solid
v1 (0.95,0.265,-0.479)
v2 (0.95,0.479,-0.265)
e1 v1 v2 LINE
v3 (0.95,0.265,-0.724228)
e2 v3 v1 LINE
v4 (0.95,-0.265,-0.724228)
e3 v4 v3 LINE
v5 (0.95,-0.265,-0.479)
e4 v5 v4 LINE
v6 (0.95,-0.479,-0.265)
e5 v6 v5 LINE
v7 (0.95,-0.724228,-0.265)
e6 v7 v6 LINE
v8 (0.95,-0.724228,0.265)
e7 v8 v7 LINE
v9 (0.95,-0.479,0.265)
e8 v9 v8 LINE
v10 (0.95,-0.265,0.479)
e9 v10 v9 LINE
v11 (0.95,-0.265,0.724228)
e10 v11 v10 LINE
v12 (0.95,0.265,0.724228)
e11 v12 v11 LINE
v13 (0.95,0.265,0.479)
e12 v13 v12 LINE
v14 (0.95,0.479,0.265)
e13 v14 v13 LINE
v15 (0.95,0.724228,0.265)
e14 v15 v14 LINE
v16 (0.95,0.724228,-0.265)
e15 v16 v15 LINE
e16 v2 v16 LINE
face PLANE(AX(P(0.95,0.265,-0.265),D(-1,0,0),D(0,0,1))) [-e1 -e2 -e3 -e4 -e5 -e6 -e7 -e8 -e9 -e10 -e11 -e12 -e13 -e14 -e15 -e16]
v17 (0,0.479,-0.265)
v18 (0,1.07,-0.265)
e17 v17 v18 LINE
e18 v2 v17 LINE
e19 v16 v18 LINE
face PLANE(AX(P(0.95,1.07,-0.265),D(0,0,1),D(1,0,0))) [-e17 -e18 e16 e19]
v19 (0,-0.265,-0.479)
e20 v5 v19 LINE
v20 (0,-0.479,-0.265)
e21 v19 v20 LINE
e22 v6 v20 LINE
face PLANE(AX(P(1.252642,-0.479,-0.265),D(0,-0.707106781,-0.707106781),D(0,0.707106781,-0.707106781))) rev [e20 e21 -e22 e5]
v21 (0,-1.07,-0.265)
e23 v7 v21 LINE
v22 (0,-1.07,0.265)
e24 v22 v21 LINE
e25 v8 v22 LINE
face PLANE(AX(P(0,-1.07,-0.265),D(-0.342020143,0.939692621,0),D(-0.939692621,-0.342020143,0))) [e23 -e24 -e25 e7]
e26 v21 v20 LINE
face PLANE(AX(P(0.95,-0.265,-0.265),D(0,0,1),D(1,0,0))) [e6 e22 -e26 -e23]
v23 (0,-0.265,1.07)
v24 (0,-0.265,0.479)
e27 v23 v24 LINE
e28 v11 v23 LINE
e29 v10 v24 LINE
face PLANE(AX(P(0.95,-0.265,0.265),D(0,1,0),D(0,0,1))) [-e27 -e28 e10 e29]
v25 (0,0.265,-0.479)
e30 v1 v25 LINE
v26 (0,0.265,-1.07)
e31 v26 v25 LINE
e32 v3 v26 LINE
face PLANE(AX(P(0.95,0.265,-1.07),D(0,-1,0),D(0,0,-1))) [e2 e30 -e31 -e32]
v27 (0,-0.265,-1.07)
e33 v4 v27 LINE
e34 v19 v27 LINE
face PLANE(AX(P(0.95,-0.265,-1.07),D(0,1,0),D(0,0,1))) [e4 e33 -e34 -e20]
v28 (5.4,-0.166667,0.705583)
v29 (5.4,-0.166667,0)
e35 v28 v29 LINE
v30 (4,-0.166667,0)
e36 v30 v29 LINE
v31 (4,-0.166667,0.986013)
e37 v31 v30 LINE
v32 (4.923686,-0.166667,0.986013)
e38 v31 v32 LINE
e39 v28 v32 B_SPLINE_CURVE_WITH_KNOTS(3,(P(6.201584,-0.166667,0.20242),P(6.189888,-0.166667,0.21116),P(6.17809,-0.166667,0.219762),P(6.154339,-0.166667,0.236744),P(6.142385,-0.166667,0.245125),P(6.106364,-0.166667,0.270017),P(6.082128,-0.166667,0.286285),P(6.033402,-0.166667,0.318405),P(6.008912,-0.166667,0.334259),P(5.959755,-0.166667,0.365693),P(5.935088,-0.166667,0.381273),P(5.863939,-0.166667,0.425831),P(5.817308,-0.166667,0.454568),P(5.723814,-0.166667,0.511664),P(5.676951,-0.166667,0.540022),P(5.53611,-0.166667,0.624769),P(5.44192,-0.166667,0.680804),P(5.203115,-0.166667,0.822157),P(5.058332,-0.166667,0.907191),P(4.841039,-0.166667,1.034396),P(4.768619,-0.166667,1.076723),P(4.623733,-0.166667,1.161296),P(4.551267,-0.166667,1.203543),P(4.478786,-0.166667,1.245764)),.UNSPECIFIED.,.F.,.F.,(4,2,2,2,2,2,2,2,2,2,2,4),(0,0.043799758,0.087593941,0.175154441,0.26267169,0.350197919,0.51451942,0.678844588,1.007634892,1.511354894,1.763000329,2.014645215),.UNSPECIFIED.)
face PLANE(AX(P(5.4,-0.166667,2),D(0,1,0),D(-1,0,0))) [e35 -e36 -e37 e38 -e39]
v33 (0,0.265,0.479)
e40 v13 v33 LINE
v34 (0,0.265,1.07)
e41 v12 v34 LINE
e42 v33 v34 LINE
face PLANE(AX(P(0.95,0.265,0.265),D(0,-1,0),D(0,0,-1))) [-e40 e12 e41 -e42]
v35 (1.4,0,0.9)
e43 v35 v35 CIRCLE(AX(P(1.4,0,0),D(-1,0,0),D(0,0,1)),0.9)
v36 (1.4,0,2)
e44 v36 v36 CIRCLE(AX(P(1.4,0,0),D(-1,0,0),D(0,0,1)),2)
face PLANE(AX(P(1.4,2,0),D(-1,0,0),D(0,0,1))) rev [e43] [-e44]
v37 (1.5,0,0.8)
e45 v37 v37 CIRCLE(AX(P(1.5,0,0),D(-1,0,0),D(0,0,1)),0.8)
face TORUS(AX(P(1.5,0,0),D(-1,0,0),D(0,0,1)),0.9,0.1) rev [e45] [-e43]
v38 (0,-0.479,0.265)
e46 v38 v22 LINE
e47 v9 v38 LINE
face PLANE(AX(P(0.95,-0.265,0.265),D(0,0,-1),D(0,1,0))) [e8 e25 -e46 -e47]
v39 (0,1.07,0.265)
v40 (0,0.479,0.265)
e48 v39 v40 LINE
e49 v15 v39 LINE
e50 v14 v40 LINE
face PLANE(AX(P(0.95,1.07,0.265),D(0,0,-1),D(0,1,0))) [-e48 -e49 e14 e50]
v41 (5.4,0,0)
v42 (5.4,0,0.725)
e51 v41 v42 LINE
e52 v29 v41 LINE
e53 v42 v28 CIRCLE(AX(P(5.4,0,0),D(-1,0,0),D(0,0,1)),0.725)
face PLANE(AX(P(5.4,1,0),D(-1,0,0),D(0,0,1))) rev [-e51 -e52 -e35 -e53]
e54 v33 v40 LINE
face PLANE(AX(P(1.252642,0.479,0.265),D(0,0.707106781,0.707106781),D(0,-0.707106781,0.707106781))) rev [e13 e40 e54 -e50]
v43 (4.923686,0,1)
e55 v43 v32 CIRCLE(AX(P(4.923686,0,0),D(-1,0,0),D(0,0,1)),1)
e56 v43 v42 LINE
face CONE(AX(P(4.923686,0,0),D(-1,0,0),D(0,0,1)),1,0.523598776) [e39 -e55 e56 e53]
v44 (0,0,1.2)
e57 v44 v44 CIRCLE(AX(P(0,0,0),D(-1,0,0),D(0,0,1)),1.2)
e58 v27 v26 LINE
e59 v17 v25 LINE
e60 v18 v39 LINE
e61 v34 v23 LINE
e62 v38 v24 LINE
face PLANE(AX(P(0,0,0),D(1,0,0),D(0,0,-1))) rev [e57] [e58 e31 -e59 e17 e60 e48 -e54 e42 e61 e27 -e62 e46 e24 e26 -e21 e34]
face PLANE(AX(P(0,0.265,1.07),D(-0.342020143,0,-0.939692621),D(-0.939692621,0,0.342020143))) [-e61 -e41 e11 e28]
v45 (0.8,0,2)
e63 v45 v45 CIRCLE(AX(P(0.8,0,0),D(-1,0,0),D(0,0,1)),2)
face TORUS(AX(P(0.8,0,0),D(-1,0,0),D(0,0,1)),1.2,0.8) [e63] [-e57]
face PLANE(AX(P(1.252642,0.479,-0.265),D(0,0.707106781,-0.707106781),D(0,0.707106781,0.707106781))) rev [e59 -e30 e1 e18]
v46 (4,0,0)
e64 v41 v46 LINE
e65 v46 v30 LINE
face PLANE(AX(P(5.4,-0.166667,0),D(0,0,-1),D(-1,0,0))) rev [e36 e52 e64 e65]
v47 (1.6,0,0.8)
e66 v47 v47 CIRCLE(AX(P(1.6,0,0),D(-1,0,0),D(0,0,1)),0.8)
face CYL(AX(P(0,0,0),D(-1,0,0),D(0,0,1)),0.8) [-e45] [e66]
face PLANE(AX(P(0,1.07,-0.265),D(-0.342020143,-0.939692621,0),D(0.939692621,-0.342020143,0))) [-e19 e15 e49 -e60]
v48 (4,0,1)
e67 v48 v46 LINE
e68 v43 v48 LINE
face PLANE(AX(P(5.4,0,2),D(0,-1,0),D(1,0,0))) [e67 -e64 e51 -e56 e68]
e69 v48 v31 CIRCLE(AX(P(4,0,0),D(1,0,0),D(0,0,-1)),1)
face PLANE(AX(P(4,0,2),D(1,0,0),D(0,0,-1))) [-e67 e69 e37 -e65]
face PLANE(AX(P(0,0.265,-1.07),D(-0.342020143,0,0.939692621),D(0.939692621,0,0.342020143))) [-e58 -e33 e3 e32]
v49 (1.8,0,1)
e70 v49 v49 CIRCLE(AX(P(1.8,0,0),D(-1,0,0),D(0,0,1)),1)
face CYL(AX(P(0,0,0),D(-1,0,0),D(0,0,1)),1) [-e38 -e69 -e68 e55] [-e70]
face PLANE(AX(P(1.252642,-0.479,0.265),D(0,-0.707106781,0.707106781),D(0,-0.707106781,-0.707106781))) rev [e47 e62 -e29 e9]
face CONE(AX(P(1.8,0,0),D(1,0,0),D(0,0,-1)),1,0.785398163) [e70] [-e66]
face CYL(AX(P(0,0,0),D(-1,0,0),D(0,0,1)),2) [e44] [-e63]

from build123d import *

# Parameters (mm, degrees)
CUT_EXTRUDE3_DEPTH         = 0.95
DRAFT1_ANGLE               = 20
RECESSI_CUT_EXTRUDE5_DEPTH = 0.95
SKETCH11_W                 = 1.4
SKETCH11_H                 = 0.166666667
POINT_CUT_EXTRUDE8_DEPTH   = 7.095900262


with BuildPart() as part:
    # Sketch1 → base-Revolve (revolve)
    with BuildSketch(Plane.XY, mode=Mode.PRIVATE) as base_revolve_sk:
        with BuildLine():
            Line((0, 0), (0, 1.2))
            ThreePointArc((0, 1.2), (0.234314575, 1.765685425), (0.8, 2))
            Line((0.8, 2), (1.4, 2))
            Line((1.4, 2), (1.4, 0.9))
            ThreePointArc((1.4, 0.9), (1.429289322, 0.829289322), (1.5, 0.8))
            Line((1.5, 0.8), (1.6, 0.8))
            Line((1.6, 0.8), (1.8, 1))
            Line((1.8, 1), (5.4, 1))
            Line((5.4, 1), (5.4, 0))
            Line((5.4, 0), (0, 0))
        make_face()
    revolve(base_revolve_sk.sketch.rotate(Axis((0, 0, 0), (1, 0, 0)), 90), axis=Axis((0, 0, 0), (1, 0, 0)))

    # Sketch4 → Cut-Extrude3 (cut)
    with BuildSketch(Plane(origin=(0, 0, 0), x_dir=(0, 0, -1), z_dir=(1, 0, 0))):
        Polygon((0.265, 1.07), (-0.265, 1.07), (-0.265, 0.265), (-1.07, 0.265), (-1.07, -0.265), (-0.265, -0.265), (-0.265, -1.07), (0.265, -1.07), (0.265, -0.265), (1.07, -0.265), (1.07, 0.265), (0.265, 0.265), align=None)
    extrude(amount=CUT_EXTRUDE3_DEPTH, mode=Mode.SUBTRACT)

    # Draft1
    draft1_faces = [part.faces().sort_by_distance(p)[0] for p in [
        (0.475, 0, -1.07),
        (0.475, -1.07, 0),
        (0.475, 0, 1.07),
        (0.475, 1.07, 0),
    ]]
    draft(draft1_faces, Plane(origin=(0, 0, 0), x_dir=(0, 0, -1), z_dir=(-1, 0, 0)), DRAFT1_ANGLE)

    # Sketch5 → recessI_Cut-Extrude5 (cut)
    with BuildSketch(Plane.ZY):
        Polygon((0.265, 0.479), (0.479, 0.265), (0.265, 0.265), align=None)
        Polygon((-0.265, 0.265), (-0.479, 0.265), (-0.265, 0.479), align=None)
        Polygon((-0.265, -0.479), (-0.479, -0.265), (-0.265, -0.265), align=None)
        Polygon((0.265, -0.265), (0.479, -0.265), (0.265, -0.479), align=None)
    extrude(amount=-RECESSI_CUT_EXTRUDE5_DEPTH, mode=Mode.SUBTRACT)

    # Sketch8 → point_Cut-Revolve1 (revolve, cut)
    with BuildSketch(Plane.XY, mode=Mode.PRIVATE) as point_cut_revolve1_sk:
        Polygon((5.4, 0), (5.908, 0), (5.908, 1.508), (4.923686028, 1.508), (4.923686028, 1), (5.4, 0.725), align=None)
    revolve(point_cut_revolve1_sk.sketch.rotate(Axis((0, 0, 0), (1, 0, 0)), 90), axis=Axis((0, 0, 0), (1, 0, 0)), mode=Mode.SUBTRACT)

    # Sketch11 → point_Cut-Extrude8 (cut, through all)
    with BuildSketch(Plane.XY):
        with Locations((4.7, -0.083333334)):
            Rectangle(SKETCH11_W, SKETCH11_H)
    extrude(amount=POINT_CUT_EXTRUDE8_DEPTH, mode=Mode.SUBTRACT)


solid = part.part
